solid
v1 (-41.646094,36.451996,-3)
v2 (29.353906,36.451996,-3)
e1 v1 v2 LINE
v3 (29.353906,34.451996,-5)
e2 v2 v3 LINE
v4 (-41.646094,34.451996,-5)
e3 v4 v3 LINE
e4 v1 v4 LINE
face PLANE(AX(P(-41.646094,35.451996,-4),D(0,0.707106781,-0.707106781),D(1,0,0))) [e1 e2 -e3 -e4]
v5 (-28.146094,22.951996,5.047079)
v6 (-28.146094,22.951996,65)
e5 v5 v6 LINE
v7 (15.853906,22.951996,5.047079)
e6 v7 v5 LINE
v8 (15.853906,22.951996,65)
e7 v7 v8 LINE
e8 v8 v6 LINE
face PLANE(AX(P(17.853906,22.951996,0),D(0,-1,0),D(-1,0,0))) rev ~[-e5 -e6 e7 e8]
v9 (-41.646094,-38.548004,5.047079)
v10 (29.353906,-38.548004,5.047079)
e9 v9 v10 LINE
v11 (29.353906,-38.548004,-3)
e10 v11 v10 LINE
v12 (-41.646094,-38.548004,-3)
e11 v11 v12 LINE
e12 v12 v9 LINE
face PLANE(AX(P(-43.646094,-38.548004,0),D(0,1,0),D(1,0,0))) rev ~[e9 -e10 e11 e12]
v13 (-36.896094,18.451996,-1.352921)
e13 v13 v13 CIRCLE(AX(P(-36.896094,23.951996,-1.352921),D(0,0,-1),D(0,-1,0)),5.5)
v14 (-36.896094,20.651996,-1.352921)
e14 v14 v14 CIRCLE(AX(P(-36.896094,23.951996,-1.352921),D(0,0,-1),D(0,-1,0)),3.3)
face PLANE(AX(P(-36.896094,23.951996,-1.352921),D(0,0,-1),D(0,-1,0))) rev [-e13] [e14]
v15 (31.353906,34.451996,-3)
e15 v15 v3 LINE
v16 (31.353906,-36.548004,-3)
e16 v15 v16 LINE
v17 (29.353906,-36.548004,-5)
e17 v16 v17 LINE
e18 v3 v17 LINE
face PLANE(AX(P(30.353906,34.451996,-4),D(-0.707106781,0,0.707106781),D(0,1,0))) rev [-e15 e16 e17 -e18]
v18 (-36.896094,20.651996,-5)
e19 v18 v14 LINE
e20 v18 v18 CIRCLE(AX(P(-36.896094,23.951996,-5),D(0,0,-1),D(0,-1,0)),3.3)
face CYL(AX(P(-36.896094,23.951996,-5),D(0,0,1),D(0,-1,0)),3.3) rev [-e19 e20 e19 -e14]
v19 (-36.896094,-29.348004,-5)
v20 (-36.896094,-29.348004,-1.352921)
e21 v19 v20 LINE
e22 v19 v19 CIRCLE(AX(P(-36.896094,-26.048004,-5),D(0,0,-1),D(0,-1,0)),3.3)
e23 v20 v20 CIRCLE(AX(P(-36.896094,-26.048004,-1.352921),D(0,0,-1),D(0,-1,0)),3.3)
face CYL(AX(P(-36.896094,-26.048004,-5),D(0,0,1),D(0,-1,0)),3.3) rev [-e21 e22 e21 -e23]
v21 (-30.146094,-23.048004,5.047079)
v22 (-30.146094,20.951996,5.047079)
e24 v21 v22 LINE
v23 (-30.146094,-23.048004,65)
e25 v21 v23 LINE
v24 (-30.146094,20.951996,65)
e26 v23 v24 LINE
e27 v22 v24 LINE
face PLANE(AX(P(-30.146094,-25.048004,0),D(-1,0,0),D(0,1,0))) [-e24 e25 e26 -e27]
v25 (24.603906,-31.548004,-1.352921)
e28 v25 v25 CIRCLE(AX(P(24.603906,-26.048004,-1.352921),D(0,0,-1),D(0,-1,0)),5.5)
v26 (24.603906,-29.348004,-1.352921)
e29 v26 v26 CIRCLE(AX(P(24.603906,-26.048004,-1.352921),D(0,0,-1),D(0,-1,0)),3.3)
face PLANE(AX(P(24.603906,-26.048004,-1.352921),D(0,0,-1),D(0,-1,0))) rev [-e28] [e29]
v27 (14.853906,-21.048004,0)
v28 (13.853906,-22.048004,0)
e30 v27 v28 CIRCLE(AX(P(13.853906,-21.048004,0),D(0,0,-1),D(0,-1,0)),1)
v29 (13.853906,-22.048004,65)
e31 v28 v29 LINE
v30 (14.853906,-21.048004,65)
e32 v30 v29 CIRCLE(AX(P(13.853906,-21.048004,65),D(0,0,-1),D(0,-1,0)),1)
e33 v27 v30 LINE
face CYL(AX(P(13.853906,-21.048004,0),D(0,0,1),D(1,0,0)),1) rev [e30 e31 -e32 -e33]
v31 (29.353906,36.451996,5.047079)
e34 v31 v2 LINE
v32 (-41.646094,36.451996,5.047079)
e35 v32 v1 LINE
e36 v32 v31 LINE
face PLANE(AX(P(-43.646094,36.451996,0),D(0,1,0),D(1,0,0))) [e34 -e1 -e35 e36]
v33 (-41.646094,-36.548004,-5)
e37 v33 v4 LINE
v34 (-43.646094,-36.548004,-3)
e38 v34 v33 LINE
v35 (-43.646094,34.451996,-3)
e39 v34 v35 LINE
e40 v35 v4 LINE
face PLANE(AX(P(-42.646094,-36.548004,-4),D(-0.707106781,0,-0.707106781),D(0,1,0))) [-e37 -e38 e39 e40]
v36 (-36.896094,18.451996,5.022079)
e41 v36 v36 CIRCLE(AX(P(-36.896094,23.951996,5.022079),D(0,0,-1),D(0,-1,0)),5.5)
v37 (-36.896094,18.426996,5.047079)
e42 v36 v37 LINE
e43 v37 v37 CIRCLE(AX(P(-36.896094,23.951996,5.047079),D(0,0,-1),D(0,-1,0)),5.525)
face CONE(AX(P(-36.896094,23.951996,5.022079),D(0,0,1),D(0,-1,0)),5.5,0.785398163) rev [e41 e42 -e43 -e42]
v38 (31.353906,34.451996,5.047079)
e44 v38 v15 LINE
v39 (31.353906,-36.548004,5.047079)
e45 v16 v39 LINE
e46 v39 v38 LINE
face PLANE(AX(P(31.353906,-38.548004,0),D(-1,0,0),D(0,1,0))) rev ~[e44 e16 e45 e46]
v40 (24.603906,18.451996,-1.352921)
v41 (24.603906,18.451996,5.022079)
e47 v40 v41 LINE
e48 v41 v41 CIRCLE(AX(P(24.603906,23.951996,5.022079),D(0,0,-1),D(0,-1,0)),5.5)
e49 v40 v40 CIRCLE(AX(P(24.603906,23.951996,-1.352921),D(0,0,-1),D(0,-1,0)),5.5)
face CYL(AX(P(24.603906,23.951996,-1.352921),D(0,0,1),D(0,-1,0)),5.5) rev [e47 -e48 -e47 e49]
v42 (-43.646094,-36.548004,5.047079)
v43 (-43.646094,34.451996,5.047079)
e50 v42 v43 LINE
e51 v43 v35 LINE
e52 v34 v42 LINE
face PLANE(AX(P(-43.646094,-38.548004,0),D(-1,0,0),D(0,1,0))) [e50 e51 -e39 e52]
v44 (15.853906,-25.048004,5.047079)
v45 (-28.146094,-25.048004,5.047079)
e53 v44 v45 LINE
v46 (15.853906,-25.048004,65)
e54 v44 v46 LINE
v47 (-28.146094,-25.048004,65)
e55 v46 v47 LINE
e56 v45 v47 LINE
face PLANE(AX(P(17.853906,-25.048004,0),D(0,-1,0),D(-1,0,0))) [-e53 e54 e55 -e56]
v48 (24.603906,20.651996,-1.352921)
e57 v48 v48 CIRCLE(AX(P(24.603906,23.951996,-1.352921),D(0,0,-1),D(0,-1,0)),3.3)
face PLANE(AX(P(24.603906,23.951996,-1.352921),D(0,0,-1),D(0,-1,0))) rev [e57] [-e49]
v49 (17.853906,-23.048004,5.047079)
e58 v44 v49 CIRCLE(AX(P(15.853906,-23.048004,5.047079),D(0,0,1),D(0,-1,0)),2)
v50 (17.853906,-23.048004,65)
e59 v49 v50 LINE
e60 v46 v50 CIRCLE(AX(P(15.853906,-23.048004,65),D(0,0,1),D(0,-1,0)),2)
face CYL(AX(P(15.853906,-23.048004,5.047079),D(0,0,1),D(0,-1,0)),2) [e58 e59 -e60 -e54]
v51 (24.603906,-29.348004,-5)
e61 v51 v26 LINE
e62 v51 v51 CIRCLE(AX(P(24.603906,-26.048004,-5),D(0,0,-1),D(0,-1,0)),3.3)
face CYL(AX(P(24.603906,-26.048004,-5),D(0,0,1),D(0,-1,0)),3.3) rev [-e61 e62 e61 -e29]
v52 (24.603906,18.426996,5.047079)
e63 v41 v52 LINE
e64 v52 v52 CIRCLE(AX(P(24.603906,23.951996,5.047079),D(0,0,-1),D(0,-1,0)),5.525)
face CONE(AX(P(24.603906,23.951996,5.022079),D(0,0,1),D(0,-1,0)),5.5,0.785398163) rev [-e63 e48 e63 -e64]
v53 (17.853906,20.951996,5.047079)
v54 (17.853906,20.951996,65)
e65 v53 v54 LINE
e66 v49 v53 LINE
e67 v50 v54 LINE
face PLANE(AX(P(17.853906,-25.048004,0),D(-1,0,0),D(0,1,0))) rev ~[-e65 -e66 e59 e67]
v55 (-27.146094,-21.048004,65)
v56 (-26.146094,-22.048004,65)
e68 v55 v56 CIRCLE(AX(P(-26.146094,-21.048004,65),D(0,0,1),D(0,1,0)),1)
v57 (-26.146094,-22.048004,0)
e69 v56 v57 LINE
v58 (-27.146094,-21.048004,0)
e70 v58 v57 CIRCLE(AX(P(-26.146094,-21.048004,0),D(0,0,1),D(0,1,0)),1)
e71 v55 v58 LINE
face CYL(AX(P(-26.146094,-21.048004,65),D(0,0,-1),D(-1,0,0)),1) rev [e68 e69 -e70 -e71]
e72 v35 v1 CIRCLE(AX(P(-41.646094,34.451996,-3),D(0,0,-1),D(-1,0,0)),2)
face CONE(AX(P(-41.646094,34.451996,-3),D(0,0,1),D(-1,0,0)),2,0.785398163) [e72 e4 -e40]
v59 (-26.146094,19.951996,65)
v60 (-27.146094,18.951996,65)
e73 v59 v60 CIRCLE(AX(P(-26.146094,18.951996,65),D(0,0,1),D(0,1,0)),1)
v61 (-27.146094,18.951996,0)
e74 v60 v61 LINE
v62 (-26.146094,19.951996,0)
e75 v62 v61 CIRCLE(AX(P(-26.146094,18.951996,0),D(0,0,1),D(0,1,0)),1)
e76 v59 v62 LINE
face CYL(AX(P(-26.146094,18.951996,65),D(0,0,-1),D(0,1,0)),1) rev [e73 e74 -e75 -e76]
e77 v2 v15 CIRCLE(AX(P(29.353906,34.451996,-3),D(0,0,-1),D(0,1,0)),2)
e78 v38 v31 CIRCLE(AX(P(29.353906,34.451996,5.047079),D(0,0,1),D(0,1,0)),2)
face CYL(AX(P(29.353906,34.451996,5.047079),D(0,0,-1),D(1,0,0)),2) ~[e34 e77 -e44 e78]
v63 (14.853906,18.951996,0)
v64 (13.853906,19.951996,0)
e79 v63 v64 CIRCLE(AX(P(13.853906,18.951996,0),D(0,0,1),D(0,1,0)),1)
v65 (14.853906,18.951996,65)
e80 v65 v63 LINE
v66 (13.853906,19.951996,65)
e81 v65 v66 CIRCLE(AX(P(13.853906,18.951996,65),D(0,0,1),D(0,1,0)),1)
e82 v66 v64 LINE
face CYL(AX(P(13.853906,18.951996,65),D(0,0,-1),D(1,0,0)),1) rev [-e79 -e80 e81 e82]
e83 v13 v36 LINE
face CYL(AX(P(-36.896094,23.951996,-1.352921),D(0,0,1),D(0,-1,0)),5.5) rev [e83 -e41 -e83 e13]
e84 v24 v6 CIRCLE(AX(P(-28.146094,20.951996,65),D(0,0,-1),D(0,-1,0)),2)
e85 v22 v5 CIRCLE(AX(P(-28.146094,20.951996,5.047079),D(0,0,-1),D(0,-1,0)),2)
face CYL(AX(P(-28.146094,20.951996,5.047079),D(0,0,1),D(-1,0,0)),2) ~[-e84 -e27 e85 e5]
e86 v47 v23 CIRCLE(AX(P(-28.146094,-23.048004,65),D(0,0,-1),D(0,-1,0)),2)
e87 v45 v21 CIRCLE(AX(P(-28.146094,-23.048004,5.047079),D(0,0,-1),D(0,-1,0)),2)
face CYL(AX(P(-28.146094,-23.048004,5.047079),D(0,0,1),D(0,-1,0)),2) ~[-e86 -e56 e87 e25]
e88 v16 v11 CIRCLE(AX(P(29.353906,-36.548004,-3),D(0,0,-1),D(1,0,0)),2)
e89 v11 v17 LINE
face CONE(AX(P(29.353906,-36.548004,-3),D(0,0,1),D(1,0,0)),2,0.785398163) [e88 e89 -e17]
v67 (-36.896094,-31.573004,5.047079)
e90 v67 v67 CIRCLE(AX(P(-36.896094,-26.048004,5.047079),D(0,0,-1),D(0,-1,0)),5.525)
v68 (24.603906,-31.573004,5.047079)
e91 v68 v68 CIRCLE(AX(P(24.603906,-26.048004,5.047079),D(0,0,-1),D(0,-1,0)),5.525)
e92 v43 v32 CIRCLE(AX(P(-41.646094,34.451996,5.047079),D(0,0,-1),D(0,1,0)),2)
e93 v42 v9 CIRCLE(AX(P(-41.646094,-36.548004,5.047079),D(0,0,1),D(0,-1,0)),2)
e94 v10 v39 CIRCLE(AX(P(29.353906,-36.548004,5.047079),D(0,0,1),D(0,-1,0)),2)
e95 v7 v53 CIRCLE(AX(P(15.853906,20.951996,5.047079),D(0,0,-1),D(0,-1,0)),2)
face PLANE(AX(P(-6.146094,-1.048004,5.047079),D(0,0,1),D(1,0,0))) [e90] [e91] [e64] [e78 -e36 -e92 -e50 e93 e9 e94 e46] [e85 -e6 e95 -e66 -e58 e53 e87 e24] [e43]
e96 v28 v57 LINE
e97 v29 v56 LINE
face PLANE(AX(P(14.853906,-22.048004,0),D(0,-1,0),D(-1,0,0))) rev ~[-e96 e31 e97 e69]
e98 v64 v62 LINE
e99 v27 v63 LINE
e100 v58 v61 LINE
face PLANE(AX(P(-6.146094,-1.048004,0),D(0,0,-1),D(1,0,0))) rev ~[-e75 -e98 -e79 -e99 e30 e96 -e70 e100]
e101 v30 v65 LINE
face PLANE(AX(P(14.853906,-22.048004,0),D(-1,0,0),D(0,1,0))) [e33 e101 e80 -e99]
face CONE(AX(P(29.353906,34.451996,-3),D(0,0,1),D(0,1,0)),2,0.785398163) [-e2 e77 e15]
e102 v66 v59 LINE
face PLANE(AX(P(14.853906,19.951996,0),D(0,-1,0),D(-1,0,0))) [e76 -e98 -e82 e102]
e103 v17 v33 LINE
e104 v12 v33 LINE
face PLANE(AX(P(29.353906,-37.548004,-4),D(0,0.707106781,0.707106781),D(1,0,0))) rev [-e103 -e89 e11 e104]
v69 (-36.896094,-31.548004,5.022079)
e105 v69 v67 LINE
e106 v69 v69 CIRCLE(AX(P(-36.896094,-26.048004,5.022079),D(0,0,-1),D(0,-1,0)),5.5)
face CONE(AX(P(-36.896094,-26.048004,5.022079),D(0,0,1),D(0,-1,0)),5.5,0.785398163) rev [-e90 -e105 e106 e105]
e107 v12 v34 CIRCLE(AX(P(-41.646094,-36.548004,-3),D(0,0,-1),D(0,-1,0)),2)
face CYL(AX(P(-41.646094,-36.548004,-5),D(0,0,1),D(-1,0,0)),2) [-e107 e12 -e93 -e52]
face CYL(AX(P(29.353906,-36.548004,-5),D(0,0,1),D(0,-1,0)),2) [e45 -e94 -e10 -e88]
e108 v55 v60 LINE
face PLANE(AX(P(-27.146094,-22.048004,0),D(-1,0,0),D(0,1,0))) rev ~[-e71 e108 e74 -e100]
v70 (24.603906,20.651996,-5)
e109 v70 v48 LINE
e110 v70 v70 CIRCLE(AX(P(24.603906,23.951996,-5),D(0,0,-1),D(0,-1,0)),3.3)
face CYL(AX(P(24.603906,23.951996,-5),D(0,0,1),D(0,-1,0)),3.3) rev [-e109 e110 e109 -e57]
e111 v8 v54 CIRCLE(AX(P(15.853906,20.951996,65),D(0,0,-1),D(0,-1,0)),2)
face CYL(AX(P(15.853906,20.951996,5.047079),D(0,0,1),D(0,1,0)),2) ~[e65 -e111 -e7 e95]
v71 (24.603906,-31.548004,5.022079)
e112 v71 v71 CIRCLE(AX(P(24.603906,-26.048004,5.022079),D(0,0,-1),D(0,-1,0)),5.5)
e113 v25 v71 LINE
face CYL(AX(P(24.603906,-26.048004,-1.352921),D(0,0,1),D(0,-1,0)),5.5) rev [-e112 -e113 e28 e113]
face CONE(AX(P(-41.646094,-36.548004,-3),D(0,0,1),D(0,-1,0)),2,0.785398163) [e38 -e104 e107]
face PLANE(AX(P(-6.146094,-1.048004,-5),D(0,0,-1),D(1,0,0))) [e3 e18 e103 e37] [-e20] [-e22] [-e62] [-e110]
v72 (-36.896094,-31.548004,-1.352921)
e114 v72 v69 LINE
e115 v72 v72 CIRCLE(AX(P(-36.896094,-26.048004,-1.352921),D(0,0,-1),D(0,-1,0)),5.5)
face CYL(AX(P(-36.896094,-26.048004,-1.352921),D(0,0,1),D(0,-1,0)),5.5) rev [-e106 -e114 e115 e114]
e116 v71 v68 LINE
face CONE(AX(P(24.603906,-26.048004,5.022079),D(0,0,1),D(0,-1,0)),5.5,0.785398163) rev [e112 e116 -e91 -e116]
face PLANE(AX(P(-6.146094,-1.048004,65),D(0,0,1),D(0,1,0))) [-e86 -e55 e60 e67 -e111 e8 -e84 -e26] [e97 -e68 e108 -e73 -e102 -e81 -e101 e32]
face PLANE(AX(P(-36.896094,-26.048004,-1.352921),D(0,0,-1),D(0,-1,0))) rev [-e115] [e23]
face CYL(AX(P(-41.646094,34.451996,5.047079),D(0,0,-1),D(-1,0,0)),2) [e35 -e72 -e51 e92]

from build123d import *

# Parameters (mm, degrees)
SKETCH1_W                                    = 48
SKETCH1_H                                    = 48
SKETCH1_W_2                                  = 42
SKETCH1_H_2                                  = 42
BOSS_EXTRUDE1_DEPTH                          = 65
SKETCH3_W                                    = 75
SKETCH3_H                                    = 75
BOSS_EXTRUDE2_DEPTH                          = 5
SKETCH8_W                                    = 75
SKETCH8_H                                    = 75
SKETCH8_W_2                                  = 42
SKETCH8_H_2                                  = 42
BOSS_EXTRUDE3_DEPTH                          = 5.047079132
FILLET1_R                                    = 2
CBORE_FOR_M6_HEX_SOCKET_HEAD_CAP_SCR_2_COUNT = 2
CBORE_FOR_M6_HEX_SOCKET_HEAD_CAP_SCR_2_PITCH = 50
CBORE_FOR_M6_HEX_SOCKET_HEAD_CAP_SCR_3_COUNT = 2
CBORE_FOR_M6_HEX_SOCKET_HEAD_CAP_SCR_3_PITCH = 61.5
CBORE_FOR_M6_HEX_SOCKET_HEAD_CAP_SCR_4_COUNT = 2
CBORE_FOR_M6_HEX_SOCKET_HEAD_CAP_SCR_4_PITCH = 79.260645973
FILLET2_R                                    = 1
CHAMFER1_SIZE                                = 2


with BuildPart() as part:
    # Sketch1 → Boss-Extrude1 (new body)
    with BuildSketch(Plane(origin=(0, 0, 0), x_dir=(0, 1, 0), z_dir=(0, 0, 1))):
        with Locations((-1.048003873, 6.146094376)):
            Rectangle(SKETCH1_W, SKETCH1_H)
        with Locations((-1.048003873, 6.146094376)):
            Rectangle(SKETCH1_W_2, SKETCH1_H_2, mode=Mode.SUBTRACT)
    extrude(amount=BOSS_EXTRUDE1_DEPTH)

    # Sketch3 → Boss-Extrude2 (add)
    with BuildSketch(Plane(origin=(0, 0, 0), x_dir=(1, 0, 0), z_dir=(0, 0, -1))):
        with Locations((-6.146094376, 1.048003873)):
            Rectangle(SKETCH3_W, SKETCH3_H)
    extrude(amount=BOSS_EXTRUDE2_DEPTH)

    # Sketch8 → Boss-Extrude3 (add)
    with BuildSketch(Plane.XY):
        with Locations((-6.146094376, -1.048003873)):
            Rectangle(SKETCH8_W, SKETCH8_H)
        with Locations((-6.146094376, -1.048003873)):
            Rectangle(SKETCH8_W_2, SKETCH8_H_2, mode=Mode.SUBTRACT)
    extrude(amount=BOSS_EXTRUDE3_DEPTH)

    # Fillet1
    fillet1_edges = [part.edges().sort_by_distance(p)[0] for p in [
        (17.853905624, 22.951996127, 35.023539566),
        (17.853905624, -25.048003873, 35.023539566),
        (-30.146094376, -25.048003873, 35.023539566),
        (-30.146094376, 22.951996127, 35.023539566),
        (-43.646094376, -38.548003873, 0.023539566),
        (31.353905624, -38.548003873, 0.023539566),
        (31.353905624, 36.451996127, 0.023539566),
        (-43.646094376, 36.451996127, 0.023539566),
    ]]
    fillet(fillet1_edges, radius=FILLET1_R)

    # Sketch15 → CBORE for M6 Hex Socket Head Cap Screw2 (revolve, cut)
    with BuildSketch(Plane(origin=(-36.896094376, 23.951996127, 5.047079132), x_dir=(0, -1, 0), z_dir=(1, 0, 0))):
        Polygon((0, 0), (0, 10.047079132), (3.3, 10.047079132), (3.3, 6.4), (5.5, 6.4), (5.5, 0.025), (5.525, 0), align=None)
    cbore_for_m6_hex_socket_head_cap_screw2 = revolve(axis=Axis((-36.896094376, 23.951996127, 11.397079132), (0, 0, -1)), mode=Mode.SUBTRACT)

    # CBORE for M6 Hex Socket Head Cap Scr 2: CBORE for M6 Hex Socket Head Cap Screw2 ×2
    with Locations(*[(0, -i * CBORE_FOR_M6_HEX_SOCKET_HEAD_CAP_SCR_2_PITCH, 0) for i in range(1, CBORE_FOR_M6_HEX_SOCKET_HEAD_CAP_SCR_2_COUNT)]):
        add(cbore_for_m6_hex_socket_head_cap_screw2, mode=Mode.SUBTRACT)

    # CBORE for M6 Hex Socket Head Cap Scr 3: CBORE for M6 Hex Socket Head Cap Screw2 ×2
    with Locations(*[(i * CBORE_FOR_M6_HEX_SOCKET_HEAD_CAP_SCR_3_PITCH, 0, 0) for i in range(1, CBORE_FOR_M6_HEX_SOCKET_HEAD_CAP_SCR_3_COUNT)]):
        add(cbore_for_m6_hex_socket_head_cap_screw2, mode=Mode.SUBTRACT)

    # CBORE for M6 Hex Socket Head Cap Scr 4: CBORE for M6 Hex Socket Head Cap Screw2 ×2
    with Locations(*[Vector(0.7759210039901774, -0.63083008454486, 0) * (i * CBORE_FOR_M6_HEX_SOCKET_HEAD_CAP_SCR_4_PITCH) for i in range(1, CBORE_FOR_M6_HEX_SOCKET_HEAD_CAP_SCR_4_COUNT)]):
        add(cbore_for_m6_hex_socket_head_cap_screw2, mode=Mode.SUBTRACT)

    # Fillet2
    fillet2_edges = [part.edges().sort_by_distance(p)[0] for p in [
        (14.853905624, -22.048003873, 32.5),
        (14.853905624, 19.951996127, 32.5),
        (-27.146094376, 19.951996127, 32.5),
        (-27.146094376, -22.048003873, 32.5),
    ]]
    fillet(fillet2_edges, radius=FILLET2_R)

    # Chamfer1
    chamfer1_edges = [part.edges().sort_by_distance(p)[0] for p in [
        (-6.146094376, 36.451996127, -5),
        (-6.146094376, -38.548003873, -5),
        (-43.646094376, -1.048003873, -5),
        (30.768119187, -37.962217436, -5),
        (-43.060307938, -37.962217436, -5),
        (-43.060307938, 35.866209689, -5),
        (30.768119187, 35.866209689, -5),
        (31.353905624, -1.048003873, -5),
    ]]
    chamfer(chamfer1_edges, length=CHAMFER1_SIZE)


solid = part.part
